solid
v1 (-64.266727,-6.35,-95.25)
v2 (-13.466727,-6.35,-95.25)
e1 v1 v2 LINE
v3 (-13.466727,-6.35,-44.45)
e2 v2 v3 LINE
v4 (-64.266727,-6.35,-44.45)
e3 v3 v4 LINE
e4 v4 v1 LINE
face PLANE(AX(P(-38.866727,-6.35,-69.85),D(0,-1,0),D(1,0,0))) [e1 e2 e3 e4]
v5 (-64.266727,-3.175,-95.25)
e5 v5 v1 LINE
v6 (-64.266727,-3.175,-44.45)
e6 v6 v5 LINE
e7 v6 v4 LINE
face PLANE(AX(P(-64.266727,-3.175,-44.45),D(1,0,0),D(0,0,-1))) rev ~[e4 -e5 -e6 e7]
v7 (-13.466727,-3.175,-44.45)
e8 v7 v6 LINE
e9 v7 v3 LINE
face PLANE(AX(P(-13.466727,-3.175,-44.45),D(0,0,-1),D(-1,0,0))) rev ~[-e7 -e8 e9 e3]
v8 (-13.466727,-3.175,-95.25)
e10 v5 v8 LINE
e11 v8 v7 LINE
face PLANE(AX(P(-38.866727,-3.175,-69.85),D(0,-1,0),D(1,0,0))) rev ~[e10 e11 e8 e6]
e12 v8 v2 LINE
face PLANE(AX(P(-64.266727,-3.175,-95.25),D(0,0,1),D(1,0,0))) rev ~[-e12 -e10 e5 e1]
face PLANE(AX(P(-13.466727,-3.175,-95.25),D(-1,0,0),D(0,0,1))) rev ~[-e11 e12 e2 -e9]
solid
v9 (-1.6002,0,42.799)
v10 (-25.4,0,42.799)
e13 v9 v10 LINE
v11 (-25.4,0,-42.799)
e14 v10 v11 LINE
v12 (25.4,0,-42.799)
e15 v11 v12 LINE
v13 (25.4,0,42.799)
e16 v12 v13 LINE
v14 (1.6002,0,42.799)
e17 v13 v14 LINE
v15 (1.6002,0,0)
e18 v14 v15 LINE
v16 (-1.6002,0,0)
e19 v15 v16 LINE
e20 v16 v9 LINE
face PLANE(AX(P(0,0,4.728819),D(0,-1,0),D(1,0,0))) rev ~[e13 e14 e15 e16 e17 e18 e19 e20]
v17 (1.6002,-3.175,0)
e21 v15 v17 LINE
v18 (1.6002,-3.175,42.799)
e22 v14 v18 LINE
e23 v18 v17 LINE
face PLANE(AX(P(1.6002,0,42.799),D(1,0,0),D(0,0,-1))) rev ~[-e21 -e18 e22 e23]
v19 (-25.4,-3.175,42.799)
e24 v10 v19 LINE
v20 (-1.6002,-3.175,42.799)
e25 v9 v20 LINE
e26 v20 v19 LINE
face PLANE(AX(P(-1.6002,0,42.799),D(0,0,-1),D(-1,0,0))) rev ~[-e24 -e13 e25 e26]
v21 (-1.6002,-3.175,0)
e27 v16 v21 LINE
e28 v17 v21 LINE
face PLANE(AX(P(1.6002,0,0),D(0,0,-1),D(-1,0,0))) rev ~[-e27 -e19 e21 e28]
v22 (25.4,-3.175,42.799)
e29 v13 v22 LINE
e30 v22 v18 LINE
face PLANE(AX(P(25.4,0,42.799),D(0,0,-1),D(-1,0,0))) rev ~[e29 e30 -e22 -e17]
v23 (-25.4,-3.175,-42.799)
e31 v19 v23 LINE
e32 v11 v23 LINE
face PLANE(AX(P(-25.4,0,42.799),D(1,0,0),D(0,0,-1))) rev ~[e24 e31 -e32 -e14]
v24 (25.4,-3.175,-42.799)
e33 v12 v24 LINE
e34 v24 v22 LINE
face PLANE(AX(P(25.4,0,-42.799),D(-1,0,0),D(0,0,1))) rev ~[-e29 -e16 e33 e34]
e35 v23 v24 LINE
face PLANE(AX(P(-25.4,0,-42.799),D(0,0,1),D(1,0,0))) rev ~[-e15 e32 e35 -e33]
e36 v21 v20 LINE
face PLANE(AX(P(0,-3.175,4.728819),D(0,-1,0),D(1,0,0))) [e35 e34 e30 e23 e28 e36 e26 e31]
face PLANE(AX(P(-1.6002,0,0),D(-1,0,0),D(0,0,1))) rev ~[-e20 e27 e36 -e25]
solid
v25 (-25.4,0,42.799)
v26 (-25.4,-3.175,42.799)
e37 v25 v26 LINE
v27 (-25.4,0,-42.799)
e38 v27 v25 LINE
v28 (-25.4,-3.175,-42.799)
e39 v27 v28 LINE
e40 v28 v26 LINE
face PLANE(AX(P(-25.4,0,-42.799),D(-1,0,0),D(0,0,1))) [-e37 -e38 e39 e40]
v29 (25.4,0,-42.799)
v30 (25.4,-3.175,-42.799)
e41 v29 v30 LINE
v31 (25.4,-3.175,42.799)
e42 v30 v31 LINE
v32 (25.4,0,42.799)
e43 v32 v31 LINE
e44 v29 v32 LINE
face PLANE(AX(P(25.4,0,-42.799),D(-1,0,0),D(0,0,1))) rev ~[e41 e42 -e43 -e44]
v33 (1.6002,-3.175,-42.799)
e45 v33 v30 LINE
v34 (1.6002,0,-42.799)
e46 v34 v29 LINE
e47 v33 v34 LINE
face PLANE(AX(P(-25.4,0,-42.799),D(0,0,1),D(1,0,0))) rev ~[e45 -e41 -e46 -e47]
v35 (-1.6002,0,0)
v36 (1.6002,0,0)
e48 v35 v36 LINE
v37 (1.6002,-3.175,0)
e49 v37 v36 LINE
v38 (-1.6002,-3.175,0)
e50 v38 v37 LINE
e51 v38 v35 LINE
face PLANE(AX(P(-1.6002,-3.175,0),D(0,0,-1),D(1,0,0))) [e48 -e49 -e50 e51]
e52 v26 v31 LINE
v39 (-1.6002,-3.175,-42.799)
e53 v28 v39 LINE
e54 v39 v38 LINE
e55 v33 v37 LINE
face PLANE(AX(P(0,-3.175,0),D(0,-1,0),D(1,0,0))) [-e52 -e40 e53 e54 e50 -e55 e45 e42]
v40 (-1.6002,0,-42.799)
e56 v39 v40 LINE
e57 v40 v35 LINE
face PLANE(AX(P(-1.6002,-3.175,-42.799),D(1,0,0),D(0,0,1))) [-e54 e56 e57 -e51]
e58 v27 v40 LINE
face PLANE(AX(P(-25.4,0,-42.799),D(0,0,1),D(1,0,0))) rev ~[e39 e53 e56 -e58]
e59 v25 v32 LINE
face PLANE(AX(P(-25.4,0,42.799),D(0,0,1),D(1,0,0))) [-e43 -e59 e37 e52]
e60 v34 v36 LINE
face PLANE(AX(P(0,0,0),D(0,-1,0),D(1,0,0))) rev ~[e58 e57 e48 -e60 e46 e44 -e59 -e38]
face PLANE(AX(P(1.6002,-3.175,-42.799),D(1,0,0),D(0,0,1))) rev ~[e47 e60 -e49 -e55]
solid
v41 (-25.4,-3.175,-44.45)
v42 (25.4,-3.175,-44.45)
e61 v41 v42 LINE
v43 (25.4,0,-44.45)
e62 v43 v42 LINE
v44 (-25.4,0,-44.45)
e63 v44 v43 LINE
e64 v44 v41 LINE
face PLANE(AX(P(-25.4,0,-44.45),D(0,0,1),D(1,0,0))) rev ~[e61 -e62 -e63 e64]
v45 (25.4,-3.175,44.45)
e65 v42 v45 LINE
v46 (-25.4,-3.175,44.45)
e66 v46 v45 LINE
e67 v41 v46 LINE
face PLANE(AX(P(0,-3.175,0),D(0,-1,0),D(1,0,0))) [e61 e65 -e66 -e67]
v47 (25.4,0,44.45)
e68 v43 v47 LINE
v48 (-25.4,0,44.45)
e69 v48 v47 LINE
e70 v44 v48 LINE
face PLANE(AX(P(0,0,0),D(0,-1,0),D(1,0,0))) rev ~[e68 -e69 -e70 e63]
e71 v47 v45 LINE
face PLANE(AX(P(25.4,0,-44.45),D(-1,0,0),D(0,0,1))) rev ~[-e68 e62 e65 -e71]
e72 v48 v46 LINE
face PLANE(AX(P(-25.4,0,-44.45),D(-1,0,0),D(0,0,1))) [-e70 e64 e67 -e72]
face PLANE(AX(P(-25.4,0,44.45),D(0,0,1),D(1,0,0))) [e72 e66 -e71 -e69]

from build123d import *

# Parameters (mm, degrees)
F0_W      = 50.8
F0_H      = 88.9
F1_DEPTH  = 3.175
F2_DEPTH  = 3.175
F4_DEPTH  = 3.175
F5_W      = 50.8
F5_H      = 85.598
F6_DEPTH  = 3.175
F7_W      = 3.2004
F7_H      = 42.799
F8_DEPTH  = 25.4
F10_DEPTH = 3.175


with BuildPart() as f1:
    # F0 (on Front) → F1 (new body)
    with BuildSketch(Plane.XZ):
        Rectangle(F0_W, F0_H)
    extrude(amount=F1_DEPTH)

    # F0 (on Front) → F2 (join)
    with BuildSketch(Plane.XZ):
        Rectangle(F0_W, F0_H)
    extrude(amount=F2_DEPTH)


with BuildPart() as f4:
    # F3 (on face) → F4 (new body)
    with BuildSketch(Plane.XZ.offset(3.175)):
        Polygon((-13.4667269886, -95.25), (-13.4667269886, -44.45), (-25.4, -44.45), (-64.2667269886, -44.45), (-64.2667269886, -95.25), align=None)
    extrude(amount=F4_DEPTH)


with BuildPart() as f6:
    # F5 (on Front) → F6 (new body)
    with BuildSketch(Plane.XZ):
        Rectangle(F5_W, F5_H)
    extrude(amount=F6_DEPTH)

    # F7 (on face) → F8 (cut)
    with BuildSketch(Plane.XZ.offset(3.175)):
        with Locations((0, -21.3995)):
            Rectangle(F7_W, F7_H)
    extrude(amount=-F8_DEPTH, mode=Mode.SUBTRACT)


with BuildPart() as f10:
    # F9 (on Front) → F10 (new body)
    with BuildSketch(Plane.XZ):
        Polygon((-25.4, -42.799), (25.4, -42.799), (25.4, 42.799), (1.6002, 42.799), (1.6002, 0), (-1.6002, 0), (-1.6002, 42.799), (-25.4, 42.799), align=None)
    extrude(amount=F10_DEPTH)


solid = Compound([f1.part, f4.part, f6.part, f10.part])
